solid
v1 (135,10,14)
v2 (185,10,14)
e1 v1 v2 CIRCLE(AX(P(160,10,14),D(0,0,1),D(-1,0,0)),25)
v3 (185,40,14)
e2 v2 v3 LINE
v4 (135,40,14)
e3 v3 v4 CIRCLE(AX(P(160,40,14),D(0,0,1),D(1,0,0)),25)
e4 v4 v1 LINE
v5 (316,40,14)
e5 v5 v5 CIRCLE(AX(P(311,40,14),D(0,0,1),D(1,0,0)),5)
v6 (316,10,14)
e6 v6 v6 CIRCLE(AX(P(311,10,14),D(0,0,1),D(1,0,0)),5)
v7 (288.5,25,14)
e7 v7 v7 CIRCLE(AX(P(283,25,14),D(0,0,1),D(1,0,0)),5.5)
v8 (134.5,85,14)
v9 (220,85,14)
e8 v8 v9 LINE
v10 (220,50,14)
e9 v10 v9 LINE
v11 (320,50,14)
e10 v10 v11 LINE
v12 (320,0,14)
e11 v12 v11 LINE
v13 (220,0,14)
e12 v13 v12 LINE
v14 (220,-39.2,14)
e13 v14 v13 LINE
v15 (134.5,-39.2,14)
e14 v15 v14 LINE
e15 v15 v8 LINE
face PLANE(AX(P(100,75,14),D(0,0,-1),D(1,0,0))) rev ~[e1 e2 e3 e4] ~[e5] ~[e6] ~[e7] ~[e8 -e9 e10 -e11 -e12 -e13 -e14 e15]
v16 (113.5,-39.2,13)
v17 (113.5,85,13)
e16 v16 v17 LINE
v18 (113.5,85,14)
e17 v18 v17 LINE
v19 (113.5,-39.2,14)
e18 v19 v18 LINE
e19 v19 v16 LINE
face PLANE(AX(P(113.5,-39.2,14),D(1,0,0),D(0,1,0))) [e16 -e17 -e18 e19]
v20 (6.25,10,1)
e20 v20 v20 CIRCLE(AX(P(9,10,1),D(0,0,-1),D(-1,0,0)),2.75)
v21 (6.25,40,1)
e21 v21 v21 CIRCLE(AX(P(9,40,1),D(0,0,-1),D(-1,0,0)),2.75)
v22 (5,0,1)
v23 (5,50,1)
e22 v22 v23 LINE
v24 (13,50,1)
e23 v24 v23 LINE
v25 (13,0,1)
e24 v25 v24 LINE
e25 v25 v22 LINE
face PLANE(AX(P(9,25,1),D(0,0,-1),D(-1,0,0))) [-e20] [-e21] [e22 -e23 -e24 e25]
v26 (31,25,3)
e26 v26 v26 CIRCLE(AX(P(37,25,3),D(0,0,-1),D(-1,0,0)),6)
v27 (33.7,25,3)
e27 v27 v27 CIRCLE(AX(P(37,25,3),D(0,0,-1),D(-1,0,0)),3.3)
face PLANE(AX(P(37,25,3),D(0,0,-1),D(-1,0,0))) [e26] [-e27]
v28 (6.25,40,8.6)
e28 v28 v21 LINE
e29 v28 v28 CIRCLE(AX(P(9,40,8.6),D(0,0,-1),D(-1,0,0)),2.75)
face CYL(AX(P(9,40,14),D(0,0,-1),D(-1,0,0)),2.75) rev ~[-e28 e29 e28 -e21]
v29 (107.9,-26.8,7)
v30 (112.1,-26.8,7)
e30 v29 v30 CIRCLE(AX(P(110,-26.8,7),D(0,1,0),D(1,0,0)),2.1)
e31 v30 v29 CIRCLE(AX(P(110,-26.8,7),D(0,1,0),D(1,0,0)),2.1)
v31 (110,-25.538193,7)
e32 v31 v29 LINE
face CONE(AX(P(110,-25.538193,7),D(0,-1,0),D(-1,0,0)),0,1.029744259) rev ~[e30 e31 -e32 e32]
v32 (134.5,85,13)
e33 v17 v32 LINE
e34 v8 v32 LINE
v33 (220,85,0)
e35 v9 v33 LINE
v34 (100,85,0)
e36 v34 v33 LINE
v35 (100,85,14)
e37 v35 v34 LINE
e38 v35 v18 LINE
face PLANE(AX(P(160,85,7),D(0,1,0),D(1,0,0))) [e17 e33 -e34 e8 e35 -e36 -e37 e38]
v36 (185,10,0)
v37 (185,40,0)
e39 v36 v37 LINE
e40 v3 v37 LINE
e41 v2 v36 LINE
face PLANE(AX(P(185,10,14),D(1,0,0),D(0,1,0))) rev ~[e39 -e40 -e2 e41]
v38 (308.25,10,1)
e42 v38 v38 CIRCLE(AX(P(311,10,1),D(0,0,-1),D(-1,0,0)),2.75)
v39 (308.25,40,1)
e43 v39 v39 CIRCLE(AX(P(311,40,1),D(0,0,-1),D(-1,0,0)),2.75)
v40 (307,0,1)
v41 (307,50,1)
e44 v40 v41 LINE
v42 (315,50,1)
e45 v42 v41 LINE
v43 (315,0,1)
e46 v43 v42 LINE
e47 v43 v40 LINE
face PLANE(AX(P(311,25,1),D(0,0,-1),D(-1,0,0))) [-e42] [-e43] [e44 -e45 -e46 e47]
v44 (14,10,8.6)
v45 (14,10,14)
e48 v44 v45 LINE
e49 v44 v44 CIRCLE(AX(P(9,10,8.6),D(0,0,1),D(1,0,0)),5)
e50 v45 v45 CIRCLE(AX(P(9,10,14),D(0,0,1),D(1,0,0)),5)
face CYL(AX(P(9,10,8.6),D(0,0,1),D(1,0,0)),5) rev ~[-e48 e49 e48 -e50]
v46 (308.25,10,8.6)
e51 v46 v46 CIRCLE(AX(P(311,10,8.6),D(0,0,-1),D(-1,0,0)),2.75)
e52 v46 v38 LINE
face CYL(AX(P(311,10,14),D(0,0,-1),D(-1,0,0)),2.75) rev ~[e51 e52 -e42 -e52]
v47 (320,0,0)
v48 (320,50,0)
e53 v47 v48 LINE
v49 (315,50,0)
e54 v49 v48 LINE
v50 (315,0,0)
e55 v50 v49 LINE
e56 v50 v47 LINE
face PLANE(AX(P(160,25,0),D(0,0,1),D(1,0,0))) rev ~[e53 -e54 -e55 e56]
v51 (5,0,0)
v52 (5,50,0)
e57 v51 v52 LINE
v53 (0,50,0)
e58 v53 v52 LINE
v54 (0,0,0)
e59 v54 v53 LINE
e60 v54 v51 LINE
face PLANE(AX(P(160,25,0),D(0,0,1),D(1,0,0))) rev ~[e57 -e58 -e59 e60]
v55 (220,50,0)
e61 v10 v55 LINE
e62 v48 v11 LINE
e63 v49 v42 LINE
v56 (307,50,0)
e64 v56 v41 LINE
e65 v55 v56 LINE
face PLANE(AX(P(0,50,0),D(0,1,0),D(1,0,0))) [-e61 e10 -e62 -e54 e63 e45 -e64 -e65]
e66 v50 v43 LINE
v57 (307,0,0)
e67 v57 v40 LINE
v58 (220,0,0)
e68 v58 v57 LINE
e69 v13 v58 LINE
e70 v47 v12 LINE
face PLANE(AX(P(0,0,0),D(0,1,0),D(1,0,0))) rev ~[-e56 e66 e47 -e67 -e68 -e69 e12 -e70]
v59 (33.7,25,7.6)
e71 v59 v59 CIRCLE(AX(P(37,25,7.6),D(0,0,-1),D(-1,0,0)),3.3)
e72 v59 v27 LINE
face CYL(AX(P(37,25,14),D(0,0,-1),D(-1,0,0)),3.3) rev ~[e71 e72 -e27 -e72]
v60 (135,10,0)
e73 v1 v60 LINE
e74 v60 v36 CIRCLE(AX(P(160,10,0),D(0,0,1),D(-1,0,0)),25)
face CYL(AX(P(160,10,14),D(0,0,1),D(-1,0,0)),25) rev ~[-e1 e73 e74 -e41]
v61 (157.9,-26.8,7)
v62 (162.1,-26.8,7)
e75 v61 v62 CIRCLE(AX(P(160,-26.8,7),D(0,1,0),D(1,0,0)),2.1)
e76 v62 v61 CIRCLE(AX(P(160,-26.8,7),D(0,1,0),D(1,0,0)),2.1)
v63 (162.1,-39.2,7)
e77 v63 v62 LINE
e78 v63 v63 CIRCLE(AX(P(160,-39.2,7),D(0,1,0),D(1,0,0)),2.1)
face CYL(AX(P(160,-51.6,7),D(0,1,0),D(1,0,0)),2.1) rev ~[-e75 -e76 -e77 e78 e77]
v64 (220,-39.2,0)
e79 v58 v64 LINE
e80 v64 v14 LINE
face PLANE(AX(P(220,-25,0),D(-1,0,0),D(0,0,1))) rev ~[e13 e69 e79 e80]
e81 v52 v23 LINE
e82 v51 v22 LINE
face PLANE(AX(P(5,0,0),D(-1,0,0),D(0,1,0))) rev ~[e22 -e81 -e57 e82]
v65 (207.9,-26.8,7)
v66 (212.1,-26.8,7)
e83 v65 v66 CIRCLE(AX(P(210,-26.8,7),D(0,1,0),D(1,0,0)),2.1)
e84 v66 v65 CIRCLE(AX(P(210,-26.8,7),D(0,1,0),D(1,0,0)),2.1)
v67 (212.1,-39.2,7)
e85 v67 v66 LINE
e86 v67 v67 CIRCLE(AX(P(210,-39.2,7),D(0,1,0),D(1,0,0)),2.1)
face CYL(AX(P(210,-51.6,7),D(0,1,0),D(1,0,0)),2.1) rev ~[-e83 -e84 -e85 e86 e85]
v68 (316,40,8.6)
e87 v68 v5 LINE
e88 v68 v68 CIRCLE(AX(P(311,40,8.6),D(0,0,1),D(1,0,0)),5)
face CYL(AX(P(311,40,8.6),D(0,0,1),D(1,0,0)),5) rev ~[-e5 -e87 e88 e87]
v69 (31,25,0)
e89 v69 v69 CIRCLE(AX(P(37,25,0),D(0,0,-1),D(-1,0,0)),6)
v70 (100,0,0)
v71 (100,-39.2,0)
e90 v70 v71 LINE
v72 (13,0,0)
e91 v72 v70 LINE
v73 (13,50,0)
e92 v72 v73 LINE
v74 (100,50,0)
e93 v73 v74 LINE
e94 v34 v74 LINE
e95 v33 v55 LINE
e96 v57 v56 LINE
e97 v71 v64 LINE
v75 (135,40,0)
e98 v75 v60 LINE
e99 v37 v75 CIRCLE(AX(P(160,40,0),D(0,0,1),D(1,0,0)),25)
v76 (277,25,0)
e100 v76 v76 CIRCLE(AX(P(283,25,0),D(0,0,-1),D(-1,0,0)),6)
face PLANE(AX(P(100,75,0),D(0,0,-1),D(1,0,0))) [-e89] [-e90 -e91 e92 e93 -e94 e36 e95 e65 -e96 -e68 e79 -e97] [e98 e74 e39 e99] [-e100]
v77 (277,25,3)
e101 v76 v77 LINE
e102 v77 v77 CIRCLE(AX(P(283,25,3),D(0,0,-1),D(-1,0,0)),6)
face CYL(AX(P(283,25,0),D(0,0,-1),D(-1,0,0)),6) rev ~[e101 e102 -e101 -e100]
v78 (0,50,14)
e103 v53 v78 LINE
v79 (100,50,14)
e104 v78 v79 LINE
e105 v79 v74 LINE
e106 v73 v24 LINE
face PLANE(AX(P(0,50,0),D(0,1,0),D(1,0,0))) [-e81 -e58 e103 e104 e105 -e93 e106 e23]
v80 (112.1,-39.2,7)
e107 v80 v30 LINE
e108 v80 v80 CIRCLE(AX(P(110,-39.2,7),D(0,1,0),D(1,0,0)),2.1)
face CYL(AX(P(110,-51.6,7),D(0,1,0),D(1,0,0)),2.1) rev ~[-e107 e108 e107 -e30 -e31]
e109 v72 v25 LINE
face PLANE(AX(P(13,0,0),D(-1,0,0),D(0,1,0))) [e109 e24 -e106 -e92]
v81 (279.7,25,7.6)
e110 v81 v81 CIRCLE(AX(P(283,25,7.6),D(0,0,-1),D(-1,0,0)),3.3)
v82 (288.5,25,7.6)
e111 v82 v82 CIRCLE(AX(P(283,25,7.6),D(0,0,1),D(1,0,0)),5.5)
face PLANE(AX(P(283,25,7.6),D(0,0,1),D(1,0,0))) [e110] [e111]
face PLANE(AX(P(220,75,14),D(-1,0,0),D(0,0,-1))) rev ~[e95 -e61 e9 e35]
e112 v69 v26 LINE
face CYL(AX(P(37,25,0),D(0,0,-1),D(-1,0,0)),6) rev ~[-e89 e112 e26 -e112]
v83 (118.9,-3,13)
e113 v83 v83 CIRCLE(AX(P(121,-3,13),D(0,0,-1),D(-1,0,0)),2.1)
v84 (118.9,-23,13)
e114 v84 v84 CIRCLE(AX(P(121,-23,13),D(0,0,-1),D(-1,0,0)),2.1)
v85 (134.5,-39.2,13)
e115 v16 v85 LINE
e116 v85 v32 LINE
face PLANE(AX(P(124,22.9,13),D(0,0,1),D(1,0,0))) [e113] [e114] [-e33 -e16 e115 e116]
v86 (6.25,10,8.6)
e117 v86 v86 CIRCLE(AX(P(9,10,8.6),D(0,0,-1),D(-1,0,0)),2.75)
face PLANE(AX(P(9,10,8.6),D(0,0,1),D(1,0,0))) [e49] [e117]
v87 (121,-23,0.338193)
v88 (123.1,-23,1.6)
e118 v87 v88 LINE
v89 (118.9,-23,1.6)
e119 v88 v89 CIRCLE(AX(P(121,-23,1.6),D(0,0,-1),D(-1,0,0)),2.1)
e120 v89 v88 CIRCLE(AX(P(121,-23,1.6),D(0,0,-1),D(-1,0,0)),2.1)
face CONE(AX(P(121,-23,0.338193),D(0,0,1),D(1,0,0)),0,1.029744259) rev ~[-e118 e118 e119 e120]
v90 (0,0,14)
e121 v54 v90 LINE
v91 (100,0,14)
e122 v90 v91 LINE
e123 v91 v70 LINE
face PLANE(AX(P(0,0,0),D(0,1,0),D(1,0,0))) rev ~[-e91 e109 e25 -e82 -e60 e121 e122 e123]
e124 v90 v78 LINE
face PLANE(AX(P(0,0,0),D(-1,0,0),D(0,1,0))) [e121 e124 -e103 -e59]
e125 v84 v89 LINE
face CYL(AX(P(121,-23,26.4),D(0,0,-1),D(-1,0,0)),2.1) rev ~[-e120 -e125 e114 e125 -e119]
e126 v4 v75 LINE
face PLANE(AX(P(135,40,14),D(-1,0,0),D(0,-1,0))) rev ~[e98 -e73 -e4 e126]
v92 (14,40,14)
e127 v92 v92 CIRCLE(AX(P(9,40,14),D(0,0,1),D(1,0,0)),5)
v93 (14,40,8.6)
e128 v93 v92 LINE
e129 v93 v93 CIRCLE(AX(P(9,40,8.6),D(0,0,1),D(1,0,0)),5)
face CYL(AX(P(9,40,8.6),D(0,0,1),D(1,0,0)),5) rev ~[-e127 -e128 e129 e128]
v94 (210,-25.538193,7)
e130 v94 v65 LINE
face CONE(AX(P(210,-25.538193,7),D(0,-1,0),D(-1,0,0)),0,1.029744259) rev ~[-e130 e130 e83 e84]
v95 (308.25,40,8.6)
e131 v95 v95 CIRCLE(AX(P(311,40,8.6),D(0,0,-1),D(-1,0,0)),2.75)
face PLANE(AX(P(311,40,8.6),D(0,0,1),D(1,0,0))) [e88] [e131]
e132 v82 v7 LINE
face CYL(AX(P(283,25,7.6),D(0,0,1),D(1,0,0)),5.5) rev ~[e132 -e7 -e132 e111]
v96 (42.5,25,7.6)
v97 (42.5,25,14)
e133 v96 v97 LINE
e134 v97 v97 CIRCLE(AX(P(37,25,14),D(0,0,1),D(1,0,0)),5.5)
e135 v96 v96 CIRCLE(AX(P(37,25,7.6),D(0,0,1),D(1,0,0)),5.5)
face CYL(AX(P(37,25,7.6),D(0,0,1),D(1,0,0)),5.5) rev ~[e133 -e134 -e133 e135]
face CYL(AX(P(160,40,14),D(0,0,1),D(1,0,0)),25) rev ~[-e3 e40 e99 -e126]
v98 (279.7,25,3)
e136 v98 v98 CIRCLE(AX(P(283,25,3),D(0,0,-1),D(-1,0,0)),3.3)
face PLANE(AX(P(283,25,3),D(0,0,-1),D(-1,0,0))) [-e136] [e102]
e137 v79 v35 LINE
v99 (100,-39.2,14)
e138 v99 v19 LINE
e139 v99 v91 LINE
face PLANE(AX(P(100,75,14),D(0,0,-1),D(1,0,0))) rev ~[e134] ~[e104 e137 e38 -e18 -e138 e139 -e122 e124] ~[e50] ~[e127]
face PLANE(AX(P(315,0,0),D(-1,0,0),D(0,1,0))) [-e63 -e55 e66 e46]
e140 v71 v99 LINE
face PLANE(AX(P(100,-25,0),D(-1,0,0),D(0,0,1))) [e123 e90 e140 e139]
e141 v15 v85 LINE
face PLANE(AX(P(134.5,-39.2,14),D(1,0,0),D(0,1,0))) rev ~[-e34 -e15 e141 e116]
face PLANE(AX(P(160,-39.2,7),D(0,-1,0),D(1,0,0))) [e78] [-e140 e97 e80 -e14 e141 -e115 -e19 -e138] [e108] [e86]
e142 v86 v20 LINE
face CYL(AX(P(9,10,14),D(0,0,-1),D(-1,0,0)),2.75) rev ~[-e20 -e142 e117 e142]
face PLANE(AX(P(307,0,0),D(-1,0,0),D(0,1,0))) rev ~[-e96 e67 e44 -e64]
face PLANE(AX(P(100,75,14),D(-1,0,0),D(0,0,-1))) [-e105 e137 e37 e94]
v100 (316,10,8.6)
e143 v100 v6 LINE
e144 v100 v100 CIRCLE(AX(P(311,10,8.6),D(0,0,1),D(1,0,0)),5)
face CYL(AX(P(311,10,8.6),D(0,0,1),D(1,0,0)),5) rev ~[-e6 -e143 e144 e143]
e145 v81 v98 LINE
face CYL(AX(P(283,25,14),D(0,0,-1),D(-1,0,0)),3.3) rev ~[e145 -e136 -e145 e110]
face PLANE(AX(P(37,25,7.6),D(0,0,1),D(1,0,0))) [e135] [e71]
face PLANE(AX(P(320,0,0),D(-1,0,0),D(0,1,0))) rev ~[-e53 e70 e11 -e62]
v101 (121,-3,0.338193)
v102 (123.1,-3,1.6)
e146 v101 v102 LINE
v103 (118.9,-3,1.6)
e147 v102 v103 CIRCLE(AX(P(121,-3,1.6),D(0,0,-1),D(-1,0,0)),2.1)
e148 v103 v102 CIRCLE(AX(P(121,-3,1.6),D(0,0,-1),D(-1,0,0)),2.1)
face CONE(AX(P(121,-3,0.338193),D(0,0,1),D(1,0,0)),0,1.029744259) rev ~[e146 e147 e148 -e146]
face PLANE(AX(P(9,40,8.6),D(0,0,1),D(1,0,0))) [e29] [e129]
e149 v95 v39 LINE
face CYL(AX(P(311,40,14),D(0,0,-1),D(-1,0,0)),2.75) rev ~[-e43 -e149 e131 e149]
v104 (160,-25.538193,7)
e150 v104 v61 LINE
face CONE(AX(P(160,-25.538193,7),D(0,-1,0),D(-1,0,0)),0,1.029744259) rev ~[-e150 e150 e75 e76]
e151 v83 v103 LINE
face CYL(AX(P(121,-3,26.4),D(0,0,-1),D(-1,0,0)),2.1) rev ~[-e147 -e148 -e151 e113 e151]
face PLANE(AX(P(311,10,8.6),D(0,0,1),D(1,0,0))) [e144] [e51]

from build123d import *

# Parameters (mm, degrees)
SKETCH_1_W                   = 320
SKETCH_1_H                   = 50
EXTRUDE_1_DEPTH              = 14
HOLE_WIZARD_M6_1_D           = 6.6
HOLE_WIZARD_M6_1_CBORE_D     = 11
HOLE_WIZARD_M6_1_CBORE_DEPTH = 6.4
SKETCH_5_R                   = 6
CUT_EXTRUDE_1_DEPTH          = 3
SKETCH_6_W                   = 8
SKETCH_6_H                   = 50
CUT_EXTRUDE_2_DEPTH          = 1
HOLE_WIZARD_M5_1_D           = 5.5
HOLE_WIZARD_M5_1_CBORE_D     = 10
HOLE_WIZARD_M5_1_CBORE_DEPTH = 5.4
SKETCH_9_W                   = 30
SKETCH_9_H                   = 14
CUT_EXTRUDE_3_DEPTH          = 15
SKETCH_10_W                  = 120
SKETCH_10_H                  = 100
SKETCH_10_R                  = 39
EXTRUDE_2_DEPTH              = 14
SKETCH_15_R                  = 39
EXTRUDE_3_DEPTH              = 14
CUT_EXTRUDE_4_DEPTH          = 31.5
SKETCH_17_W                  = 120
SKETCH_17_H                  = 14
EXTRUDE_4_DEPTH              = 14.2
SKETCH_18_W                  = 120
SKETCH_18_H                  = 14
EXTRUDE_5_DEPTH              = 10
HOLE_WIZARD_M5_1_2_D         = 4.2
HOLE_WIZARD_M5_1_2_DEPTH     = 12.4
HOLE_WIZARD_M5_1_2_TIP       = 1.2618073
SKETCH_21_W                  = 21
SKETCH_21_H                  = 124.2
CUT_EXTRUDE_5_DEPTH          = 1
HOLE_WIZARD_M5_2_D           = 4.2
HOLE_WIZARD_M5_2_DEPTH       = 12.4
HOLE_WIZARD_M5_2_TIP         = 1.2618073


with BuildPart() as part:
    # 草图1 → 凸台-拉伸1 (new body)
    with BuildSketch(Plane.XY):
        with Locations((160, 25)):
            Rectangle(SKETCH_1_W, SKETCH_1_H)
    extrude(amount=EXTRUDE_1_DEPTH)

    # M6 六角凹头螺钉的柱形沉头孔1 (through all)
    with Locations(Plane.XY.offset(14)):
        with Locations((283, 25), (37, 25)):
            CounterBoreHole(HOLE_WIZARD_M6_1_D / 2, HOLE_WIZARD_M6_1_CBORE_D / 2, HOLE_WIZARD_M6_1_CBORE_DEPTH)

    # 草图5 → 切除-拉伸1 (cut)
    with BuildSketch(Plane(origin=(0, 0, 0), x_dir=(-1, 0, 0), z_dir=(0, 0, -1))):
        with Locations((-283, 25)):
            Circle(SKETCH_5_R)
        with Locations((-37, 25)):
            Circle(SKETCH_5_R)
    extrude(amount=-CUT_EXTRUDE_1_DEPTH, mode=Mode.SUBTRACT)

    # 草图6 → 切除-拉伸2 (cut)
    with BuildSketch(Plane(origin=(0, 0, 0), x_dir=(-1, 0, 0), z_dir=(0, 0, -1))):
        with Locations((-9, 25)):
            Rectangle(SKETCH_6_W, SKETCH_6_H)
        with Locations((-311, 25)):
            Rectangle(SKETCH_6_W, SKETCH_6_H)
    extrude(amount=-CUT_EXTRUDE_2_DEPTH, mode=Mode.SUBTRACT)

    # Hole Wizard M5 _1 (through all)
    with Locations(Plane.XY.offset(14)):
        with Locations((311, 10), (311, 40), (9, 40), (9, 10)):
            CounterBoreHole(HOLE_WIZARD_M5_1_D / 2, HOLE_WIZARD_M5_1_CBORE_D / 2, HOLE_WIZARD_M5_1_CBORE_DEPTH)

    # 草图9 → 切除-拉伸3 (cut)
    with BuildSketch(Plane.XZ):
        with Locations((160, 7)):
            Rectangle(SKETCH_9_W, SKETCH_9_H)
    extrude(amount=-CUT_EXTRUDE_3_DEPTH, mode=Mode.SUBTRACT)

    # 草图10 → 凸台-拉伸2 (add)
    with BuildSketch(Plane.XY.offset(14)):
        with Locations((160, 25)):
            Rectangle(SKETCH_10_W, SKETCH_10_H)
        with Locations((160, 25)):
            Circle(SKETCH_10_R, mode=Mode.SUBTRACT)
    extrude(amount=-EXTRUDE_2_DEPTH)

    # 草图15 → 凸台-拉伸3 (add)
    with BuildSketch(Plane.XY.offset(14)):
        with Locations((160, 25)):
            Circle(SKETCH_15_R)
    extrude(amount=-EXTRUDE_3_DEPTH)

    # 草图16 → 切除-拉伸4 (cut)
    with BuildSketch(Plane.XY.offset(14)):
        with BuildLine():
            Line((185, 10), (185, 40))
            ThreePointArc((185, 40), (160, 65), (135, 40))
            Line((135, 40), (135, 10))
            ThreePointArc((135, 10), (160, -15), (185, 10))
        make_face()
    extrude(amount=-CUT_EXTRUDE_4_DEPTH, mode=Mode.SUBTRACT)

    # 草图17 → 凸台-拉伸4 (add)
    with BuildSketch(Plane.XZ.offset(25)):
        with Locations((160, 7)):
            Rectangle(SKETCH_17_W, SKETCH_17_H)
    extrude(amount=EXTRUDE_4_DEPTH)

    # 草图18 → 凸台-拉伸5 (add)
    with BuildSketch(Plane(origin=(0, 75, 0), x_dir=(1, 0, 0), z_dir=(0, 1, 0))):
        with Locations((160, -7)):
            Rectangle(SKETCH_18_W, SKETCH_18_H)
    extrude(amount=EXTRUDE_5_DEPTH)

    # Hole Wizard M5 _1 2
    with Locations(Plane.XY.offset(14)):
        with Locations((121, -3), (121, -23)):
            Hole(HOLE_WIZARD_M5_1_2_D / 2, depth=HOLE_WIZARD_M5_1_2_DEPTH)
            with Locations((0, 0, -(HOLE_WIZARD_M5_1_2_DEPTH + HOLE_WIZARD_M5_1_2_TIP / 2))):  # 118° drill point
                Cone(0, HOLE_WIZARD_M5_1_2_D / 2, HOLE_WIZARD_M5_1_2_TIP, mode=Mode.SUBTRACT)

    # 草图21 → 切除-拉伸5 (cut)
    with BuildSketch(Plane.XY.offset(14)):
        with Locations((124, 22.9)):
            Rectangle(SKETCH_21_W, SKETCH_21_H)
    extrude(amount=-CUT_EXTRUDE_5_DEPTH, mode=Mode.SUBTRACT)

    # M5 螺纹孔2
    with Locations(Plane(origin=(0, -39.2, 0), x_dir=(-1, 0, 0), z_dir=(0, -1, 0))):
        with Locations((-160, -7), (-110, -7), (-210, -7)):
            Hole(HOLE_WIZARD_M5_2_D / 2, depth=HOLE_WIZARD_M5_2_DEPTH)
            with Locations((0, 0, -(HOLE_WIZARD_M5_2_DEPTH + HOLE_WIZARD_M5_2_TIP / 2))):  # 118° drill point
                Cone(0, HOLE_WIZARD_M5_2_D / 2, HOLE_WIZARD_M5_2_TIP, mode=Mode.SUBTRACT)


solid = part.part
